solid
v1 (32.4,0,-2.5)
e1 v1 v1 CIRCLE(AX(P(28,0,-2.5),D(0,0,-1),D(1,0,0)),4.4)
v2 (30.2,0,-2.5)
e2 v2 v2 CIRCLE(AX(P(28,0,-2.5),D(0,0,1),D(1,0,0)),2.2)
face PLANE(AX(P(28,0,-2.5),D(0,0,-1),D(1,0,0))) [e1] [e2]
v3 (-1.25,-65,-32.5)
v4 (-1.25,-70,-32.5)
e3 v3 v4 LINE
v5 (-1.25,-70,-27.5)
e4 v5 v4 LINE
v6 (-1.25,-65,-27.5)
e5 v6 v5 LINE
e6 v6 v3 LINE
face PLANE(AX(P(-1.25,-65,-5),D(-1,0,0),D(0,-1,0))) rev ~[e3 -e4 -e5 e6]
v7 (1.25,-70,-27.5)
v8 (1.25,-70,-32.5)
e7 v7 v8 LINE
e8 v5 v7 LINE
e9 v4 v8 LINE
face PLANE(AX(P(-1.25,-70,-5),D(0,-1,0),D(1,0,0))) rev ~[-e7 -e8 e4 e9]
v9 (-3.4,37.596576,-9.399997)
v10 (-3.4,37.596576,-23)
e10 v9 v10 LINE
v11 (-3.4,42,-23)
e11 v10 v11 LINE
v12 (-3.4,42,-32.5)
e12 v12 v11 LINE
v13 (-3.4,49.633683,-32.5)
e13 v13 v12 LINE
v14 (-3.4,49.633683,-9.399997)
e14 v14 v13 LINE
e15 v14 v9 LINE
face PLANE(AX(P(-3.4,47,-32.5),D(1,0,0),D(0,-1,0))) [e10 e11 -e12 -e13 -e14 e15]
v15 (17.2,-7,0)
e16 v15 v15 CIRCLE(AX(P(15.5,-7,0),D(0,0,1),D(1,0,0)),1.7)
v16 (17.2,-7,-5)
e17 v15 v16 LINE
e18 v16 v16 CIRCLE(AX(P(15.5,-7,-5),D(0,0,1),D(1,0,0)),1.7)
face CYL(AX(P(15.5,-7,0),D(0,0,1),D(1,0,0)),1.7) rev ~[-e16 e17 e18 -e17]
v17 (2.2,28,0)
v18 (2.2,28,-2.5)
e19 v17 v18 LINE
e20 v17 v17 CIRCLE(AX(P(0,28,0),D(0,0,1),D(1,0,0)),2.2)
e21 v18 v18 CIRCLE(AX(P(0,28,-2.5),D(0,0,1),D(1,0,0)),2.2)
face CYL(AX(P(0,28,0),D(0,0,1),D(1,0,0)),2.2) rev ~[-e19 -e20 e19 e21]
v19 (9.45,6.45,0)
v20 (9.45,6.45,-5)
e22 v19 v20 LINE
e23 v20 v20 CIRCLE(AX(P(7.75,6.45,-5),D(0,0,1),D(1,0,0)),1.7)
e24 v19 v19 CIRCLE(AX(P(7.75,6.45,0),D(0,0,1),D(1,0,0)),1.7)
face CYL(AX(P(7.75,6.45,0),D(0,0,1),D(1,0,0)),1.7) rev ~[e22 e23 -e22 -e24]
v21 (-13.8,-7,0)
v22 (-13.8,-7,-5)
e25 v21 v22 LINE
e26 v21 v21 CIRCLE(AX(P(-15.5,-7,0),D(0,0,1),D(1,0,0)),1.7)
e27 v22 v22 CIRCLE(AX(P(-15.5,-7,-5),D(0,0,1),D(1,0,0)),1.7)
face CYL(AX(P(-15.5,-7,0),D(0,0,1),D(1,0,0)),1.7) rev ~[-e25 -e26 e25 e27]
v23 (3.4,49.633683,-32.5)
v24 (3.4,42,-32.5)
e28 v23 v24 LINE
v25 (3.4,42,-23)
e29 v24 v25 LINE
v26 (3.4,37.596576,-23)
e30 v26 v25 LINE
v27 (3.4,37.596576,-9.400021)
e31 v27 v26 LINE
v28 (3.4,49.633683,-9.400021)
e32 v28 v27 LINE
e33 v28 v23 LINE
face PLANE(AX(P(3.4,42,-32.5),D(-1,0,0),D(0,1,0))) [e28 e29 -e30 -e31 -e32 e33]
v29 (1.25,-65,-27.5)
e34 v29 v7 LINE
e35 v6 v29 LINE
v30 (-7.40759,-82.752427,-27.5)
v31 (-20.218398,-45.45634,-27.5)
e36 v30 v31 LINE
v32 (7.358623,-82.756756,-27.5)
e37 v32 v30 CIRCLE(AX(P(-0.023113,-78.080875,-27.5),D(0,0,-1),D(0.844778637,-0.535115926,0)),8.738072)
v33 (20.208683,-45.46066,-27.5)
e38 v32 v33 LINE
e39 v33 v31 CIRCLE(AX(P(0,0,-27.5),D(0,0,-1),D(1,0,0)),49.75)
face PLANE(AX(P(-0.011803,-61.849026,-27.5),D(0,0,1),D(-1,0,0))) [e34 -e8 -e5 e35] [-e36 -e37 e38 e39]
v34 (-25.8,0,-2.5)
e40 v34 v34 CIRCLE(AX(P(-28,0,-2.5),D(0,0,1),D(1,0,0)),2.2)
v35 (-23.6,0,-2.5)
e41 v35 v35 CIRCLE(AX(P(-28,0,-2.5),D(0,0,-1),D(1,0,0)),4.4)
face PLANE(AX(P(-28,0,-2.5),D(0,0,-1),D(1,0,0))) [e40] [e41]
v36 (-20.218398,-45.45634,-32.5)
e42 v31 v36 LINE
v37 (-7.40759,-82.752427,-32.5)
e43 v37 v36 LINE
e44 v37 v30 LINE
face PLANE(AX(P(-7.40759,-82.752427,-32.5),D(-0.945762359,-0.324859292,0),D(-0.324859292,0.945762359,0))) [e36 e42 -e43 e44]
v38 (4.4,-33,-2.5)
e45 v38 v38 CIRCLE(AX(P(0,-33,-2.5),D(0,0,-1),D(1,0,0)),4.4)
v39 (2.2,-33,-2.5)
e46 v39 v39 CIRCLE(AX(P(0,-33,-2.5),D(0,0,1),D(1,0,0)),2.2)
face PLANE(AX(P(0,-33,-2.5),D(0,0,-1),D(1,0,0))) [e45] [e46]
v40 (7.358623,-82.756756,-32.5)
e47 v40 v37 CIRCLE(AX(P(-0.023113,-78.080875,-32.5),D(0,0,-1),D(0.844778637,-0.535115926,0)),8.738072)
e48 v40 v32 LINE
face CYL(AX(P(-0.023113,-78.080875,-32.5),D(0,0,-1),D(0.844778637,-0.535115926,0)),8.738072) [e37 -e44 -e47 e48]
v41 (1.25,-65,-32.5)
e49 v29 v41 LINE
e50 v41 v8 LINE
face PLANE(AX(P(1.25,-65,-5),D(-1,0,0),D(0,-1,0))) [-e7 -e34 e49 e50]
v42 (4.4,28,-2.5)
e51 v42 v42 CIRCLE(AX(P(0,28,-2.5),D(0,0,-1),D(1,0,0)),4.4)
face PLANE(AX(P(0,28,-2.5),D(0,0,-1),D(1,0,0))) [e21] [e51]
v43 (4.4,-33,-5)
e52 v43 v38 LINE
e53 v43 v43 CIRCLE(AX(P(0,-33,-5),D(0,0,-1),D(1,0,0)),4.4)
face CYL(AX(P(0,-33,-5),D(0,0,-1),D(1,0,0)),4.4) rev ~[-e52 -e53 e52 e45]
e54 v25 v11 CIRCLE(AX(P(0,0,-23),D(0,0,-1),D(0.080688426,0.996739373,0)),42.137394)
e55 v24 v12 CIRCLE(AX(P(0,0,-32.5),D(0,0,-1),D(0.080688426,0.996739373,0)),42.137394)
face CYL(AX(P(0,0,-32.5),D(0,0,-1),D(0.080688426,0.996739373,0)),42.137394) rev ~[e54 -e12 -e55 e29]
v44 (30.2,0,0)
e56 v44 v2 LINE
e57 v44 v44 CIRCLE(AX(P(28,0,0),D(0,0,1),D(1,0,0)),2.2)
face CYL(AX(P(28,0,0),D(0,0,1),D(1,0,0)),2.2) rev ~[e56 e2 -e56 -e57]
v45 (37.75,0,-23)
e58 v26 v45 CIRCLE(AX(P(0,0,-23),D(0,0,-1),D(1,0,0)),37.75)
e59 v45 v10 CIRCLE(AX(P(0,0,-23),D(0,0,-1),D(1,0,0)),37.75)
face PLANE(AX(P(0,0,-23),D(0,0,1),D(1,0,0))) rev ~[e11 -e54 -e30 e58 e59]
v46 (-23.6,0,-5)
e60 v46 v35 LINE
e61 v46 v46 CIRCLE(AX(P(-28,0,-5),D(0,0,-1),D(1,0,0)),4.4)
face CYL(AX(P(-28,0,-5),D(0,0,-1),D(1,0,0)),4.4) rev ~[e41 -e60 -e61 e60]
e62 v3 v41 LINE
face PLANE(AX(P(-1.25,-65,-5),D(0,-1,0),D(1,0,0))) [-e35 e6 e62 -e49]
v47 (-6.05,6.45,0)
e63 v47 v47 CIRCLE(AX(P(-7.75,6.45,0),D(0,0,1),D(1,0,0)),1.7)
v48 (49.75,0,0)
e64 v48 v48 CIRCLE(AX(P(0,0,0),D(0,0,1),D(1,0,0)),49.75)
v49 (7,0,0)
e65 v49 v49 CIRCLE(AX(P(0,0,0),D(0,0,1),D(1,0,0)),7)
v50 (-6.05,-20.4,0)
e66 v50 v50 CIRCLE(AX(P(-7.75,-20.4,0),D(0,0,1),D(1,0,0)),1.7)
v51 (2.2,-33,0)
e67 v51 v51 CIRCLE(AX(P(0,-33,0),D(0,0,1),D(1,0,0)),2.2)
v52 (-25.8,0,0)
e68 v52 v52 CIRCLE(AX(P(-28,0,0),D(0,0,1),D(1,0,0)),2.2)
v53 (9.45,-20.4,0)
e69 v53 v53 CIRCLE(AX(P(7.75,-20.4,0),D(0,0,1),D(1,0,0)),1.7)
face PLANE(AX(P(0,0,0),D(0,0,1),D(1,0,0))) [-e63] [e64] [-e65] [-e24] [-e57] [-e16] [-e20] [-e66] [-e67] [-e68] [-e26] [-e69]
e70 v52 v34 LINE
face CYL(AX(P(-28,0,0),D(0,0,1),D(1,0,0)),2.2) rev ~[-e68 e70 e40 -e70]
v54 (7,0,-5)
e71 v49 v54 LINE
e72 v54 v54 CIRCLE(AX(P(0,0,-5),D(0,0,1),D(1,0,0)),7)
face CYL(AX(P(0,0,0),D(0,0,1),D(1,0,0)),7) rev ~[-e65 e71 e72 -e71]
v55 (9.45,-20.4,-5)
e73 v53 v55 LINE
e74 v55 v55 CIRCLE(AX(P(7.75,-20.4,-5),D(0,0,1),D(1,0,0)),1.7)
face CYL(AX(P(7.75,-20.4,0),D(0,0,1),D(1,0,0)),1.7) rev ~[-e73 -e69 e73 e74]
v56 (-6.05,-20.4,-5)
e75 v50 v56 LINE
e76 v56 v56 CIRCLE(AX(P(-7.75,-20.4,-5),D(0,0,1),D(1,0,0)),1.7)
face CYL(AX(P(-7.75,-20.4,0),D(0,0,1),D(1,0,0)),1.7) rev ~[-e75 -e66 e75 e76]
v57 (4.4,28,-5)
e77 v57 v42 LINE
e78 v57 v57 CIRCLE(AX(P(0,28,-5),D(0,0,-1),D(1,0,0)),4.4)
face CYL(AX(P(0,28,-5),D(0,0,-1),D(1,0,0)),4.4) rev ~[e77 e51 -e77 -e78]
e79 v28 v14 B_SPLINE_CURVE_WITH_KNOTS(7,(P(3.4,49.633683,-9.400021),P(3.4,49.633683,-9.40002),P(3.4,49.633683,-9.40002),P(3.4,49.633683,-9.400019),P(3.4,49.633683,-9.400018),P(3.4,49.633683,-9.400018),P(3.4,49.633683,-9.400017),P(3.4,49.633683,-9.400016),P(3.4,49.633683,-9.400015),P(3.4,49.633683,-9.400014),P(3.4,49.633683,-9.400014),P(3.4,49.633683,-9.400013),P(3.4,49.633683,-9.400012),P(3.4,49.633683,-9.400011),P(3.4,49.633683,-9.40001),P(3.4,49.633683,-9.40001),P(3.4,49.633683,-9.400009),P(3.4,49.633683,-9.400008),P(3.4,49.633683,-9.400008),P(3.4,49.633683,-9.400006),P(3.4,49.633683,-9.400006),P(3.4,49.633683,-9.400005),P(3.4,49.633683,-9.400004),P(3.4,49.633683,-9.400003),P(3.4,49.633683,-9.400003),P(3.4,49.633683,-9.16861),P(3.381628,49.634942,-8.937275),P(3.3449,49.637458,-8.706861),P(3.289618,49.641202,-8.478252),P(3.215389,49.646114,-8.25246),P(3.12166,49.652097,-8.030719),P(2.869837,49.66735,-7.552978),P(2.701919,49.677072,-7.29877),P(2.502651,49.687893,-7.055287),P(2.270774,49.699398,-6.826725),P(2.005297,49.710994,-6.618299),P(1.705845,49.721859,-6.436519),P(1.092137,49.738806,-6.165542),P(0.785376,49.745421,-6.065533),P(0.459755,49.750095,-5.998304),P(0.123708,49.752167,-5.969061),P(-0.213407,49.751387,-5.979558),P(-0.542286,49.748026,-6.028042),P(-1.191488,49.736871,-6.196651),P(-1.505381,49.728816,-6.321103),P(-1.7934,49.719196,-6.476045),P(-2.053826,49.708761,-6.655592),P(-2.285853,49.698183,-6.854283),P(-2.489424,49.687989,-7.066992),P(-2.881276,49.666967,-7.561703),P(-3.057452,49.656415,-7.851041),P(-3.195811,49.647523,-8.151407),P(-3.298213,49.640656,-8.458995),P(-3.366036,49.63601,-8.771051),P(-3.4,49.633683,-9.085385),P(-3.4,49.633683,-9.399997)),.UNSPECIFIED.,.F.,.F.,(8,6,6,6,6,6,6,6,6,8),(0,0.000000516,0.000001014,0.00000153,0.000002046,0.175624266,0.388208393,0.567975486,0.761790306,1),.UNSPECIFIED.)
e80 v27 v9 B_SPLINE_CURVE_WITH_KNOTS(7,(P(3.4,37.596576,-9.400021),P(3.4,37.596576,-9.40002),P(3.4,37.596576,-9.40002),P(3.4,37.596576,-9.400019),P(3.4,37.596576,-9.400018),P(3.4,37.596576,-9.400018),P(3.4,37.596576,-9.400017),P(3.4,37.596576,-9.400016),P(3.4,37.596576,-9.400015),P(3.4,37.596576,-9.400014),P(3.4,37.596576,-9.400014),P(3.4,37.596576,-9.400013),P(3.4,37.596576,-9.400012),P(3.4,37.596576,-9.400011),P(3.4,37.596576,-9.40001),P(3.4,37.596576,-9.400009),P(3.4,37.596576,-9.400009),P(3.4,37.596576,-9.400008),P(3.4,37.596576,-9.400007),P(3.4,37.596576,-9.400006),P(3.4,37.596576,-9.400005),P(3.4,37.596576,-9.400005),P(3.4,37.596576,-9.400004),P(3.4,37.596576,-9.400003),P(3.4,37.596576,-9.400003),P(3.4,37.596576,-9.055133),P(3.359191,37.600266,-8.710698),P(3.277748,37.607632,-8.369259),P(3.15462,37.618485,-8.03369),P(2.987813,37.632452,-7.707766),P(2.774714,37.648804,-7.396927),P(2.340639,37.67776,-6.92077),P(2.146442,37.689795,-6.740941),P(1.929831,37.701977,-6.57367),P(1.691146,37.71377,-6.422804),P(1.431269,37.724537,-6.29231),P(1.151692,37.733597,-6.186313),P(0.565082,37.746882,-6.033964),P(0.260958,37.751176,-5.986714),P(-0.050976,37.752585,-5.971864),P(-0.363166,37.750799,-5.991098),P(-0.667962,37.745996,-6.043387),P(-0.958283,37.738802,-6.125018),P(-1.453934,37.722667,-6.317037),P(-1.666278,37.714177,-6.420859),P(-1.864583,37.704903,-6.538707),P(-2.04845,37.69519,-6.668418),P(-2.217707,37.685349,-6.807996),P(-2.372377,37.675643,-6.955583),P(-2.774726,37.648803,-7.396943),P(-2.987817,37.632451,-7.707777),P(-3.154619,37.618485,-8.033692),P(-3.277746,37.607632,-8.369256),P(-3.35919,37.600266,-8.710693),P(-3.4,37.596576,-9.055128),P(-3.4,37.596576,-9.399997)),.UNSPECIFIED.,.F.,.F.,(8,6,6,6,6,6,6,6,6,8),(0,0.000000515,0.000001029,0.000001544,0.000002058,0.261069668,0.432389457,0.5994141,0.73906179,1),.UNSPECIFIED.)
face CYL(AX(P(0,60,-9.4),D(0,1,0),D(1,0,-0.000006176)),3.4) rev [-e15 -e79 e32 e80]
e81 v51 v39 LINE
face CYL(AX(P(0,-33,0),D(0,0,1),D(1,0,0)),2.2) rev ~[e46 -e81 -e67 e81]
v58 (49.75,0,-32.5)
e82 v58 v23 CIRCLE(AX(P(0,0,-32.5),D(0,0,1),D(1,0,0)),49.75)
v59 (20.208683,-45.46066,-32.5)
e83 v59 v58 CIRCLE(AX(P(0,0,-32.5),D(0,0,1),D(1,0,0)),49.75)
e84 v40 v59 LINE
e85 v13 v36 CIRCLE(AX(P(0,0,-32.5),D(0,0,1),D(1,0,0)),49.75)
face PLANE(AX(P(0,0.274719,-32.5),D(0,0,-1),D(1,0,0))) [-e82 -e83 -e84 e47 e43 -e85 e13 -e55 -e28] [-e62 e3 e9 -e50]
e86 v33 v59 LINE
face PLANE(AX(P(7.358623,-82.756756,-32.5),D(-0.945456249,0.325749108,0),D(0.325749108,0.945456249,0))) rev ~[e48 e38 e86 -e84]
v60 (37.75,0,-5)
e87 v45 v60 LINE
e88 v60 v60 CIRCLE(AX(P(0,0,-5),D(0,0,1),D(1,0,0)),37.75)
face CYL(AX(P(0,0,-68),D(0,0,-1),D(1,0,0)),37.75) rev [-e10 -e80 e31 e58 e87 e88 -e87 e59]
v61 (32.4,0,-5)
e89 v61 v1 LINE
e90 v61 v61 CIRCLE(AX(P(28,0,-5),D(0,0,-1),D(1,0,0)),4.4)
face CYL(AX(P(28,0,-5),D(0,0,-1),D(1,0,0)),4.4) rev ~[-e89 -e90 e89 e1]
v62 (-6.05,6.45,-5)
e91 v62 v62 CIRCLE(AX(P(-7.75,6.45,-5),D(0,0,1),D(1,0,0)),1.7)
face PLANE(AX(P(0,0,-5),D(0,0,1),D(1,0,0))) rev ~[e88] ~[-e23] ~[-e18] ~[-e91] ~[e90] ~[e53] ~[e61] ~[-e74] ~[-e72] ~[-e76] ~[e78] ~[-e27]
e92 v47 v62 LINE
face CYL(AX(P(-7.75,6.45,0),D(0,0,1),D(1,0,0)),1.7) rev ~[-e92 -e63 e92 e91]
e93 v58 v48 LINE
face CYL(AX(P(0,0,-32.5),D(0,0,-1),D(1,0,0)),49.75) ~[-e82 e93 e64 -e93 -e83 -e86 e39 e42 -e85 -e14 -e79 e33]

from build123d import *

# Parameters (mm, degrees)
CYLINDER008_R     = 2
CYLINDER008_DEPTH = 3.2
CYLINDER009_R     = 1.7
CYLINDER009_DEPTH = 30
CYLINDER007_R     = 37.75
CYLINDER007_DEPTH = 63
CYLINDER013_R     = 42.75
CYLINDER013_DEPTH = 45
CYLINDER012_R     = 49.75
CYLINDER012_DEPTH = 32.5
SKETCH009_R       = 2.2
POCKET008_DEPTH   = 5
POCKET010_DEPTH   = 25
PAD002_DEPTH      = 5
SKETCH018_W       = 2.5
SKETCH018_H       = 5
POCKET016_DEPTH   = 27.501
SKETCH020_R       = 4
POCKET018_DEPTH   = 5
SKETCH021_R       = 4.4
POCKET019_DEPTH   = 2.5
SKETCH022_R       = 7
POCKET020_DEPTH   = 5
SKETCH023_R       = 1.7
POCKET021_DEPTH   = 5
PAD010_DEPTH      = 15


with BuildPart() as cylinder008:
    # Cylinder008 → Cylinder008 (new body)
    with BuildSketch(Plane.XY.offset(64.8)):
        Circle(CYLINDER008_R)
    extrude(amount=CYLINDER008_DEPTH)


with BuildPart() as fusion005:
    # Cylinder009 → Cylinder009 (new body)
    with BuildSketch(Plane.XY.offset(63)):
        Circle(CYLINDER009_R)
    extrude(amount=CYLINDER009_DEPTH)

    # Fusion005: union Cylinder008
    add(cylinder008.part)


with BuildPart() as cylinder007:
    # Cylinder007 → Cylinder007 (new body)
    with BuildSketch(Plane.XY):
        Circle(CYLINDER007_R)
    extrude(amount=CYLINDER007_DEPTH)


with BuildPart() as fusion006:
    # Cylinder013 → Cylinder013 (new body)
    with BuildSketch(Plane.XY):
        Circle(CYLINDER013_R)
    extrude(amount=CYLINDER013_DEPTH)

    # Fusion006: union Cylinder007
    add(cylinder007.part)


with BuildPart() as mounttocase:
    # Cylinder012 → Cylinder012 (new body)
    with BuildSketch(Plane.XY.offset(35.5)):
        Circle(CYLINDER012_R)
    extrude(amount=CYLINDER012_DEPTH)

    # Cut008: cut Fusion006
    add(fusion006.part, mode=Mode.SUBTRACT)

    # Cut009: cut Fusion005
    add(fusion005.part, mode=Mode.SUBTRACT)

    # Sketch009 (on Face3 of Cut009) → Pocket008 (cut)
    with BuildSketch(Plane.XY.offset(68)):
        with Locations((0, 28)):
            Circle(SKETCH009_R)
        with Locations((28, 0)):
            Circle(SKETCH009_R)
        with Locations((0, -33)):
            Circle(SKETCH009_R)
        with Locations((-28, 0)):
            Circle(SKETCH009_R)
    extrude(amount=-POCKET008_DEPTH, mode=Mode.SUBTRACT)

    # Sketch011 → Pocket010 (cut)
    with BuildSketch(Plane(origin=(0, 60, -1), x_dir=(1, 0, 0), z_dir=(0, -1, 0))):
        with BuildLine():
            ThreePointArc((3.4, 59.599979), (1.2e-05, 63), (-3.4, 59.600003))
            Line((-3.4, 59.600003), (-3.4, 0))
            Line((-3.4, 0), (3.4, 0))
            Line((3.4, 59.599979), (3.4, 0))
        make_face()
    extrude(amount=POCKET010_DEPTH, mode=Mode.SUBTRACT)

    # Sketch017 (on Face2 of Pocket010) → Pad002 (join)
    with BuildSketch(Plane(origin=(0, 0, 35.5), x_dir=(1, 0, 0), z_dir=(0, 0, -1))):
        with BuildLine():
            ThreePointArc((20.231067, 45.395694), (-0.005277, 49.699749), (-20.240706, 45.391396))
            Line((-7.40759, 82.752427), (-20.240706, 45.391396))
            ThreePointArc((7.358623, 82.756756), (-0.025675, 86.818946), (-7.40759, 82.752427))
            Line((7.358623, 82.756756), (20.231067, 45.395694))
        make_face()
    extrude(amount=-PAD002_DEPTH)

    # Sketch018 (on Face22 of Pad002) → Pocket016 (cut, through all)
    with BuildSketch(Plane(origin=(0, 0, 63), x_dir=(1, 0, 0), z_dir=(0, 0, -1))):
        with Locations((0, 67.5)):
            Rectangle(SKETCH018_W, SKETCH018_H)
    extrude(amount=POCKET016_DEPTH, mode=Mode.SUBTRACT)

    # Sketch020 → Pocket018 (cut)
    with BuildSketch(Plane.XY.offset(68)):
        Circle(SKETCH020_R)
    extrude(amount=-POCKET018_DEPTH, mode=Mode.SUBTRACT)

    # Sketch021 (on Face26 of Pocket018) → Pocket019 (cut)
    with BuildSketch(Plane(origin=(0, 0, 63), x_dir=(1, 0, 0), z_dir=(0, 0, -1))):
        with Locations((0, 33)):
            Circle(SKETCH021_R)
        with Locations((28, 0)):
            Circle(SKETCH021_R)
        with Locations((-28, 0)):
            Circle(SKETCH021_R)
        with Locations((0, -28)):
            Circle(SKETCH021_R)
    extrude(amount=-POCKET019_DEPTH, mode=Mode.SUBTRACT)

    # Sketch022 (on Face2 of Pocket019) → Pocket020 (cut)
    with BuildSketch(Plane.XY.offset(68)):
        Circle(SKETCH022_R)
    extrude(amount=-POCKET020_DEPTH, mode=Mode.SUBTRACT)

    # Sketch023 (on Face2 of Pocket020) → Pocket021 (cut)
    with BuildSketch(Plane.XY.offset(68)):
        with Locations((-15.5, -7)):
            Circle(SKETCH023_R)
        with Locations((15.5, -7)):
            Circle(SKETCH023_R)
        with Locations((-7.75, -20.4)):
            Circle(SKETCH023_R)
        with Locations((7.75, -20.4)):
            Circle(SKETCH023_R)
        with Locations((-7.75, 6.45)):
            Circle(SKETCH023_R)
        with Locations((7.75, 6.45)):
            Circle(SKETCH023_R)
    extrude(amount=-POCKET021_DEPTH, mode=Mode.SUBTRACT)

    # Sketch051 → Pad010 (join)
    with BuildSketch(Plane(origin=(0, 0, 35.5), x_dir=(1, 0, 0), z_dir=(0, 0, -1))):
        with BuildLine():
            Line((3.4, -42), (3.4, -47))
            ThreePointArc((3.4, -47), (0, 47.122818), (-3.4, -47))
            Line((-3.4, -47), (-3.4, -42))
            ThreePointArc((3.4, -42), (0, 42.137394), (-3.4, -42))
        make_face()
    extrude(amount=-PAD010_DEPTH)


with BuildPart() as mounttocase_1:
    # Body001 placement: moved
    add(mounttocase.part.moved(Location((0, 0, -68))))


solid = mounttocase_1.part
